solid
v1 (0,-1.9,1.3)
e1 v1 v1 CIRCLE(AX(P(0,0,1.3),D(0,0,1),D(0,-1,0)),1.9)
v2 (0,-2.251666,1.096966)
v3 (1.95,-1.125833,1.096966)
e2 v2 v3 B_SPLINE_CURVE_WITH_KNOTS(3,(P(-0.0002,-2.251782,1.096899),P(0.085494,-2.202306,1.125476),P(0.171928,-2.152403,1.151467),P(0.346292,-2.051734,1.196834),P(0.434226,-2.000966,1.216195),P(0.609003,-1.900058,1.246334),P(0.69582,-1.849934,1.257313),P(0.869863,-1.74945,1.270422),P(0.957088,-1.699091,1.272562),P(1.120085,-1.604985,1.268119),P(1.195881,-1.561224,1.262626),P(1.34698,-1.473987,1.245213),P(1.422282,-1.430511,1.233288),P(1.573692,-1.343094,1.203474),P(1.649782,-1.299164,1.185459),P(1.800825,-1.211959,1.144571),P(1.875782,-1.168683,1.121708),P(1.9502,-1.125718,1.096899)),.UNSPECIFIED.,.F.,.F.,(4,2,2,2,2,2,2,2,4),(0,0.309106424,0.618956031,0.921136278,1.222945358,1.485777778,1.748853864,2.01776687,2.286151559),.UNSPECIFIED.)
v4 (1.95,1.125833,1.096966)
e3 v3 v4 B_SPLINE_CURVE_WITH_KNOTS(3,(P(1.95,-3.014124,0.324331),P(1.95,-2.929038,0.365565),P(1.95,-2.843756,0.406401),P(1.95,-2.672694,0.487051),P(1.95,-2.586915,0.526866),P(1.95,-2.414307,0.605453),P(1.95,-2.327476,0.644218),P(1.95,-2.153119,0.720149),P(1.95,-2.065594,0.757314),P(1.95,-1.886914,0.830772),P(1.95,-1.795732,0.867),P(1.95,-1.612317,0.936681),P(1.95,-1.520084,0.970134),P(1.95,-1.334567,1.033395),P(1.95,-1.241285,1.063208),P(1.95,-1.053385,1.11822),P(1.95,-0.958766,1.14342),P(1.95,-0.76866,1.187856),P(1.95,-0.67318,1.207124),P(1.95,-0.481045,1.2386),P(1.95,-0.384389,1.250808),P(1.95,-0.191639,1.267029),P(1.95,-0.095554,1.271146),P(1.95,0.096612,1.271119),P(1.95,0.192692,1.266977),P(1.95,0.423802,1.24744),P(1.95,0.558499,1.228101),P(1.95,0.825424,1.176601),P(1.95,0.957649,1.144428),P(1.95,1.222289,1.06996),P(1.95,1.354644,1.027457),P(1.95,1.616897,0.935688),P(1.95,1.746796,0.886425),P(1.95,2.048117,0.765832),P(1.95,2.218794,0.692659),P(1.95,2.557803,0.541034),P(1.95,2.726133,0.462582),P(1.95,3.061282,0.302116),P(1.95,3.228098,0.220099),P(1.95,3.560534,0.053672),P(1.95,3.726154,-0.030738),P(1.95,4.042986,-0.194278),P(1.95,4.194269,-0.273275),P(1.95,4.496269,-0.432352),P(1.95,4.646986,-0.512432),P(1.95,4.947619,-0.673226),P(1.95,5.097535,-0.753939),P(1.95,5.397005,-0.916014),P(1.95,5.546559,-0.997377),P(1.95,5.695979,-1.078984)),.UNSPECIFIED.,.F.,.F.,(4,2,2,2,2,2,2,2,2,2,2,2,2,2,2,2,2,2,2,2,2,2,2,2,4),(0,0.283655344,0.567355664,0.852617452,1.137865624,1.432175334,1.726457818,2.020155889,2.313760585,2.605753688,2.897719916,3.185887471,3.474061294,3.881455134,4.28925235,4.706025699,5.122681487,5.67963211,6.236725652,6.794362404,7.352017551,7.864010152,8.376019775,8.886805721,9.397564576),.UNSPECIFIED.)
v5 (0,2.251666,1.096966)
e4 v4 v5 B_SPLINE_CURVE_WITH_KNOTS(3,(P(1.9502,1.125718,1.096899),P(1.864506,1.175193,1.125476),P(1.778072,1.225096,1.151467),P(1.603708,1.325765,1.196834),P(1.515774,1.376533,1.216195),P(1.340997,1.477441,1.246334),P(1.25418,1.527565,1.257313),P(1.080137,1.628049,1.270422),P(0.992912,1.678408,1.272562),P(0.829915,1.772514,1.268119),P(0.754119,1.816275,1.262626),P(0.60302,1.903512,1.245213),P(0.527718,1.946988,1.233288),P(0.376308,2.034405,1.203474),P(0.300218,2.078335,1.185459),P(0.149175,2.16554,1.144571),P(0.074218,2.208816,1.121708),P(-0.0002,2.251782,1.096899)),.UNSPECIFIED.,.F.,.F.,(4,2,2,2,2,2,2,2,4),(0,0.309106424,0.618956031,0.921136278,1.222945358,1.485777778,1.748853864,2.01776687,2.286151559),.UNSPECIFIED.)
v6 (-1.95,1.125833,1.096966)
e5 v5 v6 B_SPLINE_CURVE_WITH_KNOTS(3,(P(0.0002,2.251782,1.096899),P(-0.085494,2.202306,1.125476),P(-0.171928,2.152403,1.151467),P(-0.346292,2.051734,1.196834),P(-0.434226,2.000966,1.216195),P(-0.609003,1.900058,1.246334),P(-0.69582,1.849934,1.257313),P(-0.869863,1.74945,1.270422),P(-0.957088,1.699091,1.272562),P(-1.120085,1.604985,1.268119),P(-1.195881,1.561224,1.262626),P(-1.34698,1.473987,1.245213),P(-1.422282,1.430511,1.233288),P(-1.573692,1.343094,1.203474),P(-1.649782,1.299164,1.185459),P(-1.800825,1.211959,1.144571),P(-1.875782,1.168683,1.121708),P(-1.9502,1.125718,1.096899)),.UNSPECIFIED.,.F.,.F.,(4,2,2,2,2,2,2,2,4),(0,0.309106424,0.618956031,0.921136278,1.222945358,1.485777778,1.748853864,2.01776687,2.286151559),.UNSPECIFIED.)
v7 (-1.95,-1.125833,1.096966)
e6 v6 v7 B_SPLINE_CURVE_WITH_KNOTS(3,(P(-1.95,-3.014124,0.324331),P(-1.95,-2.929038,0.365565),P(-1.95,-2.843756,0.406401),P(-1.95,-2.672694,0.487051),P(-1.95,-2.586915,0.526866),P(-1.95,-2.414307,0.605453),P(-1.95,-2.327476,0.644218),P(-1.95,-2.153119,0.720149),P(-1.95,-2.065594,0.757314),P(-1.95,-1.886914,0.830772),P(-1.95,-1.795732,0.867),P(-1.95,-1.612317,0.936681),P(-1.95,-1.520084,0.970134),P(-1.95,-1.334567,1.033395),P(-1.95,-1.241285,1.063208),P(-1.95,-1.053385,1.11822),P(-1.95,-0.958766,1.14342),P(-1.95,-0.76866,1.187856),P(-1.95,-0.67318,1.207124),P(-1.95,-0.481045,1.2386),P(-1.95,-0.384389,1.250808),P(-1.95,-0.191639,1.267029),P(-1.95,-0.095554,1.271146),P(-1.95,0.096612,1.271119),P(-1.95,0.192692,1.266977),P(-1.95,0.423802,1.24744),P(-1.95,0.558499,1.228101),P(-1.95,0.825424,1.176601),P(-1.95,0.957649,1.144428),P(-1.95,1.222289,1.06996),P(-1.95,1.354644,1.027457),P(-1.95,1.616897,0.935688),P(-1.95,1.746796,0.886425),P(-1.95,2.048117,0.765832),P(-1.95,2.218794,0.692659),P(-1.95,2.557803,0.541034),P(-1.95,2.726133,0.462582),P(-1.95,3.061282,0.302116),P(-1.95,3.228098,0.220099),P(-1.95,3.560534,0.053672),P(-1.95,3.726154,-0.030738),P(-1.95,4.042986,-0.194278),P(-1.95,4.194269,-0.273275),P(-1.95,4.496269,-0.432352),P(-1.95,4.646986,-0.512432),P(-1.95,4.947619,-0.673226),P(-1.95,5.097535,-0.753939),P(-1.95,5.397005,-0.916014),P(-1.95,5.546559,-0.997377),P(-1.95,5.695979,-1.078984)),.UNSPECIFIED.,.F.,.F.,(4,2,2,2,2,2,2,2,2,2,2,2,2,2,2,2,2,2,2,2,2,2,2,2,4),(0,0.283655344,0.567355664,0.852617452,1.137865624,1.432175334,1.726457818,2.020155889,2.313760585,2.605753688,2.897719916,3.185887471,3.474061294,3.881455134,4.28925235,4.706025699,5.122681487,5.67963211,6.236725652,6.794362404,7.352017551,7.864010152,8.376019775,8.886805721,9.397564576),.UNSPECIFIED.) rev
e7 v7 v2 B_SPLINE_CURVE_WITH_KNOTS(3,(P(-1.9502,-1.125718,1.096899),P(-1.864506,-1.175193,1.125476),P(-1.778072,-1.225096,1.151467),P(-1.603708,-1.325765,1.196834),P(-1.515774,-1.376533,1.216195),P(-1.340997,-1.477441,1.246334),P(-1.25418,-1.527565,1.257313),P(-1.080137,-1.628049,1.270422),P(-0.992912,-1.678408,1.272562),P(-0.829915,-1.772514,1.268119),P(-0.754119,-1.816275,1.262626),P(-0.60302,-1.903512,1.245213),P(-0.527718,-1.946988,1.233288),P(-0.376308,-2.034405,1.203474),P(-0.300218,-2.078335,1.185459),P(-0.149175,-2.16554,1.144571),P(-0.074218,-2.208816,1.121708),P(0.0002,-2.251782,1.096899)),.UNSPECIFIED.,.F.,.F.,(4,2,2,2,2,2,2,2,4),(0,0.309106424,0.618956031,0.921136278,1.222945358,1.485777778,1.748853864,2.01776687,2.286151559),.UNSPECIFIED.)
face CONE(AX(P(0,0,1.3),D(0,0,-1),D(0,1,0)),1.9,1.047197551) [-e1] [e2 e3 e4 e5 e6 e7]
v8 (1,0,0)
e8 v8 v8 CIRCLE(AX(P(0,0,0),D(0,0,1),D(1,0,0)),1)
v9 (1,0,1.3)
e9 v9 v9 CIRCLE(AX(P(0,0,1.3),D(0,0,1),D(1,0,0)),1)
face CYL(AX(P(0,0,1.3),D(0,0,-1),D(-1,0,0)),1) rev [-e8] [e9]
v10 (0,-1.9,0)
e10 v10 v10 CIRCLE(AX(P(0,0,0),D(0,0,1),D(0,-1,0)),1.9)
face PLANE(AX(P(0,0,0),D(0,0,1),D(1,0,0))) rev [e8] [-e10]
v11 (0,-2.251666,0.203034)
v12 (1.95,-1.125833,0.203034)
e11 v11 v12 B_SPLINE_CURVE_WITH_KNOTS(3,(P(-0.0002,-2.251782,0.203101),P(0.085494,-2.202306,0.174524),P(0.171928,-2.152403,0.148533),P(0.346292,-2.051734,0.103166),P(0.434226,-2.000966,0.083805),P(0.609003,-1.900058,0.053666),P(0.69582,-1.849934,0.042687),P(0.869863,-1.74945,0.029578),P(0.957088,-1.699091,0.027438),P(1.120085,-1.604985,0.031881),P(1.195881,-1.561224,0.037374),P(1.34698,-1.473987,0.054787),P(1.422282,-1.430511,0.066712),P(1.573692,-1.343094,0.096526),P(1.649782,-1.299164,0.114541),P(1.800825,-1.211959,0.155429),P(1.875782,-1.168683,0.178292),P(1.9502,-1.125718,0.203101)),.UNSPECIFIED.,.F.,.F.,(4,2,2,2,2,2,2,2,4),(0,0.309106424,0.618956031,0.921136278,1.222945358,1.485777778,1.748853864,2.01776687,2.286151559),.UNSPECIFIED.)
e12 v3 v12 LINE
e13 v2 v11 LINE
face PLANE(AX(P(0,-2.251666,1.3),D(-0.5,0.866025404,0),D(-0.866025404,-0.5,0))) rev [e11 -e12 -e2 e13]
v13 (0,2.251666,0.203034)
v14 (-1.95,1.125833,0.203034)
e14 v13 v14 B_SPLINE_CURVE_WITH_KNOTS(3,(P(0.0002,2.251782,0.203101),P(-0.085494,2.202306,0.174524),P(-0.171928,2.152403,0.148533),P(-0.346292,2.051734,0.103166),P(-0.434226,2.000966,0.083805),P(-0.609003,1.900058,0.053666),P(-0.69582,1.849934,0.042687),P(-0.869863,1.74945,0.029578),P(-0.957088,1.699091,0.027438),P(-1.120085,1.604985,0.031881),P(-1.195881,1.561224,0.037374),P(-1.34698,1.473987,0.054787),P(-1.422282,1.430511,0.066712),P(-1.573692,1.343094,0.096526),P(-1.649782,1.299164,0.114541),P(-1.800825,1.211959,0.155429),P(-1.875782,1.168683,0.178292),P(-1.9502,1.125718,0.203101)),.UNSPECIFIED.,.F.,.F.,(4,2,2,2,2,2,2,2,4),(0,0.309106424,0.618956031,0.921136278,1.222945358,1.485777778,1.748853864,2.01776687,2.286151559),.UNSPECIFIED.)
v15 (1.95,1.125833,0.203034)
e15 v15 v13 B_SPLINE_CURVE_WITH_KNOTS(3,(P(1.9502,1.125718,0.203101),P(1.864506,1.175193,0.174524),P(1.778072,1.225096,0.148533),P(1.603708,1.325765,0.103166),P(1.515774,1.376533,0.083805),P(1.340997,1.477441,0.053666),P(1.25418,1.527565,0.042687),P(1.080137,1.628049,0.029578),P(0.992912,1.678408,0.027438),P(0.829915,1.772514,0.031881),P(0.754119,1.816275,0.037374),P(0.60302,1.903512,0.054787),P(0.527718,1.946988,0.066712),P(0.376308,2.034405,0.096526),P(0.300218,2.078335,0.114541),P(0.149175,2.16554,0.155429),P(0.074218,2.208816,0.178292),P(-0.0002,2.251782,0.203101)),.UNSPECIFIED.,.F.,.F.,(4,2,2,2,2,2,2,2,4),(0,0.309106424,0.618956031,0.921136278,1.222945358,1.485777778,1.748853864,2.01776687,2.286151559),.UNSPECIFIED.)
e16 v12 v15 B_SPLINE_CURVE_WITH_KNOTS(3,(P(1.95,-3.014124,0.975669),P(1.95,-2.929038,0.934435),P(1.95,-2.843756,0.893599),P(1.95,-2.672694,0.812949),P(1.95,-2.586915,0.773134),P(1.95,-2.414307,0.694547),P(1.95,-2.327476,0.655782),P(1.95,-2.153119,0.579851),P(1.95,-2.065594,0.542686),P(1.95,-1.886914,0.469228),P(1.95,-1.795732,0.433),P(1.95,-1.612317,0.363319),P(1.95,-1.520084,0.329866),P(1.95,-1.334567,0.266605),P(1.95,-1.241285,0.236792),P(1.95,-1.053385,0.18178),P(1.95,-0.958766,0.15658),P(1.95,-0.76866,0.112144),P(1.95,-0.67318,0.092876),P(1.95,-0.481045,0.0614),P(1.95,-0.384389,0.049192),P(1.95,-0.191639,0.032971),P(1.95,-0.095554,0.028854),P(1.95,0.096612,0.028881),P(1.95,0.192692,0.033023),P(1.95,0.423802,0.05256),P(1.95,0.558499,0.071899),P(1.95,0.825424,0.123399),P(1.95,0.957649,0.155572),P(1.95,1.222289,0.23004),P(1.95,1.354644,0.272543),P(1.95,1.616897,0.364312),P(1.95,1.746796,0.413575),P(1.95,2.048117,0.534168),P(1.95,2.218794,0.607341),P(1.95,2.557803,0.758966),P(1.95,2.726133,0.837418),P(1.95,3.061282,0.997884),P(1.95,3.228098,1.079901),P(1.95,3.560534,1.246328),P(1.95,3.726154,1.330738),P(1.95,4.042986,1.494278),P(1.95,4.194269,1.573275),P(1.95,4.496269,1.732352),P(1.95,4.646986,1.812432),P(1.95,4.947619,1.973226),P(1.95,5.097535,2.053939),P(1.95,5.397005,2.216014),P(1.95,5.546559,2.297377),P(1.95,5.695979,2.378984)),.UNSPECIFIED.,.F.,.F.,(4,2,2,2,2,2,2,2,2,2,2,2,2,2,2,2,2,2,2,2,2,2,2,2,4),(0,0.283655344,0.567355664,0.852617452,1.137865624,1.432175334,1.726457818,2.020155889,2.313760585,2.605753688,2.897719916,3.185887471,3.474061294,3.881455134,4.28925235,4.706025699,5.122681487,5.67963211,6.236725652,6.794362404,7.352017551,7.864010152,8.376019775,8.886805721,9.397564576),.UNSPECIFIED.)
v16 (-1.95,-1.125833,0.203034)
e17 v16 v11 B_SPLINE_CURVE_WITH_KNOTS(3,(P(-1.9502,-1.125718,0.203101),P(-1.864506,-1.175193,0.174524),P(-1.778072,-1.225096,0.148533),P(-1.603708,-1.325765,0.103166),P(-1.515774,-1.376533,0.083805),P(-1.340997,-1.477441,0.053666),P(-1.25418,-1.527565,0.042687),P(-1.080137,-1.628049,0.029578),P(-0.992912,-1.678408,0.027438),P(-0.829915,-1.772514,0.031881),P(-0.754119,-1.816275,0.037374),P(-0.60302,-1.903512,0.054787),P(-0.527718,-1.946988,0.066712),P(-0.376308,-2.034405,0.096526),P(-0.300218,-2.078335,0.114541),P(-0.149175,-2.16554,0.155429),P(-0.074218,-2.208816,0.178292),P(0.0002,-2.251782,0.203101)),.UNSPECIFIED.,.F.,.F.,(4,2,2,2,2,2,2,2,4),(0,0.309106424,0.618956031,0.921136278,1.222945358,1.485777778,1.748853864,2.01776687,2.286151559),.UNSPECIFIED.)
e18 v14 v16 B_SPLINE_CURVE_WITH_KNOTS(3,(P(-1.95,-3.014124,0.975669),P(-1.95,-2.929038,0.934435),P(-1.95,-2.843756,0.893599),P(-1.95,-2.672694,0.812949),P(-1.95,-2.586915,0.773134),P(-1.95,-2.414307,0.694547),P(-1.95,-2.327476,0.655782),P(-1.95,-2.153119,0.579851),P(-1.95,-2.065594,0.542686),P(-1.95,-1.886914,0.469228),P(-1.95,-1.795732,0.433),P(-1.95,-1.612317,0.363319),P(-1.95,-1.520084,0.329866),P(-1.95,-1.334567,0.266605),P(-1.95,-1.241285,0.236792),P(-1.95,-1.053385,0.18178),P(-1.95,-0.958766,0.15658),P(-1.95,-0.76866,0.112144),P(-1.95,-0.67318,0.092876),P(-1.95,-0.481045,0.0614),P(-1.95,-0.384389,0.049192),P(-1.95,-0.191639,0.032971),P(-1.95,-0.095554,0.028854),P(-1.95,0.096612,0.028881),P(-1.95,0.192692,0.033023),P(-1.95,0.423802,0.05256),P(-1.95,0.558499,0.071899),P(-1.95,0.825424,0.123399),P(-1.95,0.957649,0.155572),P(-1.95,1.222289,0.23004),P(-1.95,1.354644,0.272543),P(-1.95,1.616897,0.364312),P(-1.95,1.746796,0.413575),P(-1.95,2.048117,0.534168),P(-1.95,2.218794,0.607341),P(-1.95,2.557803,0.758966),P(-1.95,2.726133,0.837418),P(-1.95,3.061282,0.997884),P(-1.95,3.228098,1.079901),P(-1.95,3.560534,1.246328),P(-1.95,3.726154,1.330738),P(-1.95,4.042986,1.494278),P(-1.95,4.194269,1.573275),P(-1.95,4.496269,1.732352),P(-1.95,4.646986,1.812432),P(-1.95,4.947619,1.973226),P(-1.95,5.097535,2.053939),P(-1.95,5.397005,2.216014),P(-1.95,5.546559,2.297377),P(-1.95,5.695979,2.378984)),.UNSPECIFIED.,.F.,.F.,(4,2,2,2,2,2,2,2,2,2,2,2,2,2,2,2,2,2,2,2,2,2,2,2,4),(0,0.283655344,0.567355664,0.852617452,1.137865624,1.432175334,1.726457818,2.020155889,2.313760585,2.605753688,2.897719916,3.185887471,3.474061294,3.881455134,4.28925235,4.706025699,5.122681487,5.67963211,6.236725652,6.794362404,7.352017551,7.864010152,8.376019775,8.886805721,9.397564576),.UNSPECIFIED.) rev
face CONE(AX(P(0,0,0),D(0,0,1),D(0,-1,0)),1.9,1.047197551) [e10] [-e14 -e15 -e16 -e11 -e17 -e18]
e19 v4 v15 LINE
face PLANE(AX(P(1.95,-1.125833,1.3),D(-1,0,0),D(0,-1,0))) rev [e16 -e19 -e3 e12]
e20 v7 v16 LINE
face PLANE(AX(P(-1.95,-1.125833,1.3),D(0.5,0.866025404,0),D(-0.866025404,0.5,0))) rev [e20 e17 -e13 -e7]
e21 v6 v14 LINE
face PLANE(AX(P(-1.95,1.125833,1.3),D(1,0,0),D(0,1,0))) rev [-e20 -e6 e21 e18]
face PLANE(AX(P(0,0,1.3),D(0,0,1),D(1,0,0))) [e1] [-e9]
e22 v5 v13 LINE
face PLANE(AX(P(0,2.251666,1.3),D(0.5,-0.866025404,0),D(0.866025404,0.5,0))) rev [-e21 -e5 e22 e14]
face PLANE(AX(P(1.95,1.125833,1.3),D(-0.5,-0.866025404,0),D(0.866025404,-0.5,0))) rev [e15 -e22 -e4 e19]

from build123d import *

# Parameters (mm, degrees)
SKETCH1_R      = 1
EXTRUDE1_DEPTH = 1.3


with BuildPart() as part:
    # Sketch1 → Extrude1 (new body)
    with BuildSketch(Plane.XY):
        Polygon((0, 2.25166605), (-1.95, 1.125833025), (-1.95, -1.125833025), (0, -2.25166605), (1.95, -1.125833025), (1.95, 1.125833025), align=None)
        Circle(SKETCH1_R, mode=Mode.SUBTRACT)
    extrude(amount=EXTRUDE1_DEPTH)

    # Sketch2 → Cut-Revolve1 (revolve, cut)
    with BuildSketch(Plane(origin=(0, 0, 0), x_dir=(0, 0, -1), z_dir=(1, 0, 0)), mode=Mode.PRIVATE) as cut_revolve1_sk:
        Polygon((-1.3, 1.9), (-0.865098791, 2.65327099), (-1.3, 2.65327099), align=None)
        Polygon((-0.434901209, 2.65327099), (0, 1.9), (0, 2.65327099), align=None)
    revolve(cut_revolve1_sk.sketch.rotate(Axis((0, 0, 1.3), (0, 0, -1)), 180), axis=Axis((0, 0, 1.3), (0, 0, -1)), mode=Mode.SUBTRACT)


solid = part.part
